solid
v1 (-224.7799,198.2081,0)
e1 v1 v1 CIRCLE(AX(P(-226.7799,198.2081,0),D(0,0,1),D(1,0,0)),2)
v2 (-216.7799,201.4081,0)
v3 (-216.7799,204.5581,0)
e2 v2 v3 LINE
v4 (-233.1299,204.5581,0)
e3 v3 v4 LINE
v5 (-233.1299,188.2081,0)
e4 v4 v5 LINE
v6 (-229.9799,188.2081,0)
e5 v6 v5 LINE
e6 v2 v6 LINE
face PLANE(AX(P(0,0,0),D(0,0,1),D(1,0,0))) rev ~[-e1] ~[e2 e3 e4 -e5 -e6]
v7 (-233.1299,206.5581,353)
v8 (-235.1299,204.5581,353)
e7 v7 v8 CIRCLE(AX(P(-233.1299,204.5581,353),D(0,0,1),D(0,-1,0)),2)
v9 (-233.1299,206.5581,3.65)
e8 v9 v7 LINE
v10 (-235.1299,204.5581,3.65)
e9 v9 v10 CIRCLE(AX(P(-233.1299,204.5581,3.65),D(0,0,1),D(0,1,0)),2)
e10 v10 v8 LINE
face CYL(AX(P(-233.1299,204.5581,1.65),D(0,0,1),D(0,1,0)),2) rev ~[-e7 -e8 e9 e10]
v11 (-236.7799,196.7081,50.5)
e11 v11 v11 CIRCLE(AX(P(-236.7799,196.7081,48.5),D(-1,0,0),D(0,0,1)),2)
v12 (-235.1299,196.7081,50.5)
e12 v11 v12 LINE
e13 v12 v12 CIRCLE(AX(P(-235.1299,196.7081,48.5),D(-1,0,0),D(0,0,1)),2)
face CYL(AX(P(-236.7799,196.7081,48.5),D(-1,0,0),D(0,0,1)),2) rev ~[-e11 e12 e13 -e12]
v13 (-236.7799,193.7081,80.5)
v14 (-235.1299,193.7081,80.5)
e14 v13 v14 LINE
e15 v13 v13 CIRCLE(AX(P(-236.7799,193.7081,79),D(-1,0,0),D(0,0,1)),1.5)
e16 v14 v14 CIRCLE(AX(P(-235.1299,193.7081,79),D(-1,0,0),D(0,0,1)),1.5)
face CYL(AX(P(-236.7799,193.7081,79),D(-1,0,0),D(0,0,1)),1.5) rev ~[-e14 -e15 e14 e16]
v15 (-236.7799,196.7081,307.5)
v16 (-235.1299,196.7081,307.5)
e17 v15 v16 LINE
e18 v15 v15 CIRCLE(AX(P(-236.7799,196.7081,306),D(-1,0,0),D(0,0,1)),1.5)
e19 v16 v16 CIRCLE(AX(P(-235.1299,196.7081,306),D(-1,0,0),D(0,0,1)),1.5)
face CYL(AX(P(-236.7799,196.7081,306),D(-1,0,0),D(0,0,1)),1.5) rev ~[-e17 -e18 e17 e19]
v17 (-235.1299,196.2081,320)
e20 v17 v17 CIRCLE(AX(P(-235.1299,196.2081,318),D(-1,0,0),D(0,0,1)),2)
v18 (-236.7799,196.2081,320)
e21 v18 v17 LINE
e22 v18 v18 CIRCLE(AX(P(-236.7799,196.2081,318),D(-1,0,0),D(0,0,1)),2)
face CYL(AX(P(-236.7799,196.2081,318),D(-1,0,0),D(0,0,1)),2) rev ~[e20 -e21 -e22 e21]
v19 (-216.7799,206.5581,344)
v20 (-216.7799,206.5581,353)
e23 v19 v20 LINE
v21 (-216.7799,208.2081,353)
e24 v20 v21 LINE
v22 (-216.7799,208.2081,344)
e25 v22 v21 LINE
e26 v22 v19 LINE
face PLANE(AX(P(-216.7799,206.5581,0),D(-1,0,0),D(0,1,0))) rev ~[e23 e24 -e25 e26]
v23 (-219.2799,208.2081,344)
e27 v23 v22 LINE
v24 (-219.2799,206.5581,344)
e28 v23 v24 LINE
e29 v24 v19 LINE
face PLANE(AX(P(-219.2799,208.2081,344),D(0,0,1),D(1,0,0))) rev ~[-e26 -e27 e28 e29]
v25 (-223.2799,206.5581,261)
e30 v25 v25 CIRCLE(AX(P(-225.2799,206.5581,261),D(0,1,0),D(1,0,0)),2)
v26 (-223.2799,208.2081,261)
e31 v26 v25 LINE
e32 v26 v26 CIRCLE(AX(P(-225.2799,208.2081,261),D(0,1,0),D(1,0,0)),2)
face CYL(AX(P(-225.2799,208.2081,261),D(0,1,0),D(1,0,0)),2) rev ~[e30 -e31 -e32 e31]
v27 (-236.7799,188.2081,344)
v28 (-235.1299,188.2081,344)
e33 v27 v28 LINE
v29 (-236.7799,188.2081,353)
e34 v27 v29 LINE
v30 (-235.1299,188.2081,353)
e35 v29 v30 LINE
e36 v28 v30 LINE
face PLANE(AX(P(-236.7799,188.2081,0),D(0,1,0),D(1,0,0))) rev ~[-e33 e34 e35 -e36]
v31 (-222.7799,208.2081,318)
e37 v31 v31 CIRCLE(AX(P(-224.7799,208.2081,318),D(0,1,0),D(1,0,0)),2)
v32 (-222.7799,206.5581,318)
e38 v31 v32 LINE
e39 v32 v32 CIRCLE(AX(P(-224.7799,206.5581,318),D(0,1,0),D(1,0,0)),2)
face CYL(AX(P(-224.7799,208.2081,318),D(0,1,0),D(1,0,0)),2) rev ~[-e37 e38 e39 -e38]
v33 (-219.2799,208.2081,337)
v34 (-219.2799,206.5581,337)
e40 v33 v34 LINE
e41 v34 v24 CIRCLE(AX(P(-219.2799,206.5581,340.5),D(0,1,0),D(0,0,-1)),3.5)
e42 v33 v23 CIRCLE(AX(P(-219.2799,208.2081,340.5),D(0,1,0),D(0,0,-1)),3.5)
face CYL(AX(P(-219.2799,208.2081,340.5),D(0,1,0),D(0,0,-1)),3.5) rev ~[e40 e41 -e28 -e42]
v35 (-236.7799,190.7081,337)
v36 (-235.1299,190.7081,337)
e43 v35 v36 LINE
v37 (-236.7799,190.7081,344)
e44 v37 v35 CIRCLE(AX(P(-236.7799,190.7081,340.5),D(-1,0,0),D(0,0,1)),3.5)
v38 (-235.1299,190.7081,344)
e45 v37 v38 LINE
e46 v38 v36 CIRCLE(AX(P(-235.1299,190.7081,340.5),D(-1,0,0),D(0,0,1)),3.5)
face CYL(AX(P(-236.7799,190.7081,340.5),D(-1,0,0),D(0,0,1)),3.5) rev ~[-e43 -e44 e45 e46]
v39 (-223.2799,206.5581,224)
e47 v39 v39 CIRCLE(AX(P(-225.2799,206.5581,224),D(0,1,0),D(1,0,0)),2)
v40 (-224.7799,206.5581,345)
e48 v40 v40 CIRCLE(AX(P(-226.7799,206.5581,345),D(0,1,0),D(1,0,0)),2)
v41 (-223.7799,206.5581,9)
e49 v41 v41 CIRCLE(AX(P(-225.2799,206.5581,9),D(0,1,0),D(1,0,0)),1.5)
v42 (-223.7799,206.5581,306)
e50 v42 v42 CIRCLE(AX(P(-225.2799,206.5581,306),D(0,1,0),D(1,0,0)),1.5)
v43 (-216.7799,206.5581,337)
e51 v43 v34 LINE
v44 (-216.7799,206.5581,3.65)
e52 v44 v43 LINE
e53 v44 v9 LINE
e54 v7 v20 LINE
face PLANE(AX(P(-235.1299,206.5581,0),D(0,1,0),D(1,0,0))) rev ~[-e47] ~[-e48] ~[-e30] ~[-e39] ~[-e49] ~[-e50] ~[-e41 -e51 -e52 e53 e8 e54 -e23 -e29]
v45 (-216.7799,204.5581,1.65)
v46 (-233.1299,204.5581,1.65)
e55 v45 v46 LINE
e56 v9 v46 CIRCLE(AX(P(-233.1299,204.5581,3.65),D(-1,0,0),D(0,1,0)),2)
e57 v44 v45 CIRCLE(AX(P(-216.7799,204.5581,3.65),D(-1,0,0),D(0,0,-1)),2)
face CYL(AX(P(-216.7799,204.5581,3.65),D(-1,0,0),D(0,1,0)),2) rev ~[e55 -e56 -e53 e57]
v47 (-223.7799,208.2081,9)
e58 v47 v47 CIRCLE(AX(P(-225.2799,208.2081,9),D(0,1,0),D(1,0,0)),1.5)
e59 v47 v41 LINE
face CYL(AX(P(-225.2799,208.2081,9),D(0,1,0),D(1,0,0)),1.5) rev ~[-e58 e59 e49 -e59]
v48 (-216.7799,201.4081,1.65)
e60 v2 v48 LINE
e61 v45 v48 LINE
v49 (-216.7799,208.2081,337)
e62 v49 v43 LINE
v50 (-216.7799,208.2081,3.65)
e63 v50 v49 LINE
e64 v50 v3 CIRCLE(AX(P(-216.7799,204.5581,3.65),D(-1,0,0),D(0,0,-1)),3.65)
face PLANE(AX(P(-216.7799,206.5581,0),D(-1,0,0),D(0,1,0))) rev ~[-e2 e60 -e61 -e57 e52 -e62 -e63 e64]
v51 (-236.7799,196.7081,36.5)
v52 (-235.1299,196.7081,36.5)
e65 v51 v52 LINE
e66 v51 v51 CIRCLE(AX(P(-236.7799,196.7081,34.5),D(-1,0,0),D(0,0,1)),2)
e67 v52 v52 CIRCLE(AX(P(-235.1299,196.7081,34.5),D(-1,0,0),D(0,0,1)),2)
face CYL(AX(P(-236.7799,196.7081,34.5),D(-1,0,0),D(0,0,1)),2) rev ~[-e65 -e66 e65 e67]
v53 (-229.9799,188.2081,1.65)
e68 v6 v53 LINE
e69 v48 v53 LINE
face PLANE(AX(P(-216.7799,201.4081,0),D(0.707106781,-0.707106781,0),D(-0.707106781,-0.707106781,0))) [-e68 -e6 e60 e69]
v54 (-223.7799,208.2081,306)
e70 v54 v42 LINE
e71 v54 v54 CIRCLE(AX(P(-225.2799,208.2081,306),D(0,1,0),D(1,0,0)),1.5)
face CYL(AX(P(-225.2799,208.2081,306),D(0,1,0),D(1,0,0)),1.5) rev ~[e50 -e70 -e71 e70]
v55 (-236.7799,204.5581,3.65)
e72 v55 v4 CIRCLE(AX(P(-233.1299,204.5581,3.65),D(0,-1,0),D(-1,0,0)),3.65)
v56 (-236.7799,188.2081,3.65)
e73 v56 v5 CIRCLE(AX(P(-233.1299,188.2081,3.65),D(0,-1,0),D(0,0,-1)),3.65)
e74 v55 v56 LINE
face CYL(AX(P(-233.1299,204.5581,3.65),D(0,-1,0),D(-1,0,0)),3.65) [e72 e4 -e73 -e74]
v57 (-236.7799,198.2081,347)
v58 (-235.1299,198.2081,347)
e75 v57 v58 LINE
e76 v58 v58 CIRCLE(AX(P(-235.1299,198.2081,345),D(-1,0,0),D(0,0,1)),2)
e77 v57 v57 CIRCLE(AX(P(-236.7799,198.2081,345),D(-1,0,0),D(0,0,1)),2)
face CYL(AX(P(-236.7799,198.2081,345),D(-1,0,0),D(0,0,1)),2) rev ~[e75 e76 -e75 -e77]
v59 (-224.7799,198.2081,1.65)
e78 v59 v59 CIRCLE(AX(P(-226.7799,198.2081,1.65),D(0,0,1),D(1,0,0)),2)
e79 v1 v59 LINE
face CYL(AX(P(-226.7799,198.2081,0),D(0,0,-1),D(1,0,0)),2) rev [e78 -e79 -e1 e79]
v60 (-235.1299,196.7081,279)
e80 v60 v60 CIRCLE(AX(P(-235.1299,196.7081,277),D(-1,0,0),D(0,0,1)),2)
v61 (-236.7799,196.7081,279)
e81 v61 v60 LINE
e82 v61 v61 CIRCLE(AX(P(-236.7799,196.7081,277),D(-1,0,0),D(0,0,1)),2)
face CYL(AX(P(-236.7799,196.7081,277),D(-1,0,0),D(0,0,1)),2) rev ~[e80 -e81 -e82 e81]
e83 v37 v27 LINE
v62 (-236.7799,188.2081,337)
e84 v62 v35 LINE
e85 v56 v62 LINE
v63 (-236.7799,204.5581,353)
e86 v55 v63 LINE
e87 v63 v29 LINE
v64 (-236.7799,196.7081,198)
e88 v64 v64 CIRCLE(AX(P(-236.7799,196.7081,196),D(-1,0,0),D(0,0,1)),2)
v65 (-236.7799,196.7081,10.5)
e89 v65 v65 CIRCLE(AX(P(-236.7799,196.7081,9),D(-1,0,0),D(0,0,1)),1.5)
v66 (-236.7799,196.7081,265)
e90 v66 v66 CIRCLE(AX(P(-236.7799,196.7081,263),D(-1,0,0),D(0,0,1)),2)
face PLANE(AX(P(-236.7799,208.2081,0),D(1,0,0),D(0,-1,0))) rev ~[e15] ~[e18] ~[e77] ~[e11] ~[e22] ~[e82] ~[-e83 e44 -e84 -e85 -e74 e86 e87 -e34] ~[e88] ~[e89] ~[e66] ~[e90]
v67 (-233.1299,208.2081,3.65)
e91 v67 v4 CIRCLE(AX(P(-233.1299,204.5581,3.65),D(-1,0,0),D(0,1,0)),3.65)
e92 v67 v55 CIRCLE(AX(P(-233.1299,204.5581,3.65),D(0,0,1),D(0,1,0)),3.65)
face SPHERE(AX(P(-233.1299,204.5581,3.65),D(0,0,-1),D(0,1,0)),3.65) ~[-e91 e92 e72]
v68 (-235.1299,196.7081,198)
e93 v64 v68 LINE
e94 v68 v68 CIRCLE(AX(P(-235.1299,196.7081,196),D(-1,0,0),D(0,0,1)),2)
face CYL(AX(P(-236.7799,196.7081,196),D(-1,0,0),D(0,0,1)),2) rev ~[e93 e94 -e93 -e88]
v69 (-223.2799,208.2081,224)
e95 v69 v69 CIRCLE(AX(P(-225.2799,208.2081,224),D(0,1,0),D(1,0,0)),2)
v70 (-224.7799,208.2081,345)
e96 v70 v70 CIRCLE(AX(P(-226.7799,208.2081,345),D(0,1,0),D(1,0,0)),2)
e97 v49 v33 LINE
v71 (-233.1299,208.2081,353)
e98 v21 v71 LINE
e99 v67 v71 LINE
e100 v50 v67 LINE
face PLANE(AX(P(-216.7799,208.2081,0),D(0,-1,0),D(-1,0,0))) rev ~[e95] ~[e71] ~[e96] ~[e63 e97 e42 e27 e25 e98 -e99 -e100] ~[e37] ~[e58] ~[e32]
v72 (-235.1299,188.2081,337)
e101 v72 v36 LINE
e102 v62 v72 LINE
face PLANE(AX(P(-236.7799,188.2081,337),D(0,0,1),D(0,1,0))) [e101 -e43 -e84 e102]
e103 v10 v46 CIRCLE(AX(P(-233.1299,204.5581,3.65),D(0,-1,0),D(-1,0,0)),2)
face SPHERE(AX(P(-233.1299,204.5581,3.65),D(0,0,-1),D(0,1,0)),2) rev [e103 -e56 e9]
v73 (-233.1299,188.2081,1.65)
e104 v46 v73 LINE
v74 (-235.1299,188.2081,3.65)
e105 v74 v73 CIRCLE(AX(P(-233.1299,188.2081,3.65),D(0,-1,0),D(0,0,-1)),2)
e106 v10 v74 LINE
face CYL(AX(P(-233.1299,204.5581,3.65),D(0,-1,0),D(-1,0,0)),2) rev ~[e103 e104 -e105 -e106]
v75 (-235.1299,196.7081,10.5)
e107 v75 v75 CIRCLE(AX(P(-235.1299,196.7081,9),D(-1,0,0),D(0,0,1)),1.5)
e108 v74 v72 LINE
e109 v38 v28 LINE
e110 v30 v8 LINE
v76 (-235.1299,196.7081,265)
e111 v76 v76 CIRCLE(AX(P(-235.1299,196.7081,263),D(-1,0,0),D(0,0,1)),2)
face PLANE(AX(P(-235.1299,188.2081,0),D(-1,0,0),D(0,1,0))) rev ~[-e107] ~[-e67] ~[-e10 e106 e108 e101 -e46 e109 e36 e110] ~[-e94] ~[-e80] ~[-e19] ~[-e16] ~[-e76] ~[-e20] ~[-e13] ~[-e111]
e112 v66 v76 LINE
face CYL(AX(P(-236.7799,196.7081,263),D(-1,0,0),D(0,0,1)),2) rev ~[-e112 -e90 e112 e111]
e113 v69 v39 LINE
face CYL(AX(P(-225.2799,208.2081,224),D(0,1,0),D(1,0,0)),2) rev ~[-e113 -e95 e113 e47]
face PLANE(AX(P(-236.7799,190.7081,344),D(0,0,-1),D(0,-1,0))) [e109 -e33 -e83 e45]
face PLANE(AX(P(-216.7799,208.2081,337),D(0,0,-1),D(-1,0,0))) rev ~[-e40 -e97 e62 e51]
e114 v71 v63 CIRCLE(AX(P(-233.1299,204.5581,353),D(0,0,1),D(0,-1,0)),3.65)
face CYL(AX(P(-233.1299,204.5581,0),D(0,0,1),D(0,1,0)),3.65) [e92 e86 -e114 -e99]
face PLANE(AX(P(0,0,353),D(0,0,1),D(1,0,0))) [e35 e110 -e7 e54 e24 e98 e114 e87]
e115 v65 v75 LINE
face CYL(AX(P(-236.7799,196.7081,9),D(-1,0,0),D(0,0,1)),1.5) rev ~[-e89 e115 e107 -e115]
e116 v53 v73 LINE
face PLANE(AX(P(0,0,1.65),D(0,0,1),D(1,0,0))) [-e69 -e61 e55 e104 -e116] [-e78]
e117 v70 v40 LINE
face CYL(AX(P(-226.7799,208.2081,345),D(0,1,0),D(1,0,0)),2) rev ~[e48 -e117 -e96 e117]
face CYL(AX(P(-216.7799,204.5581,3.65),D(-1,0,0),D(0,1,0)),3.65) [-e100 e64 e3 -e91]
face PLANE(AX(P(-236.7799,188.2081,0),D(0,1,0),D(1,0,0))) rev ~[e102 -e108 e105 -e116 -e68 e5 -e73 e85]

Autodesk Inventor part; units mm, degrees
ref_plane "YZ Plane" through (0, 0, 0) normal (1, 0, 0) x (0, 1, 0)
ref_plane "XZ Plane" through (0, 0, 0) normal (0, 1, 0) x (-1, 0, 0)
ref_plane "XY Plane" through (0, 0, 0) normal (0, 0, 1) x (1, 0, 0)
sketch "Эскиз1" plane through (0, 0, 0) normal (0, 0, 1) x (1, 0, 0)
  line L0 (-236.7799, 208.2081) -> (-236.7799, 188.2081)
  line L1 (-216.7799, 208.2081) -> (-236.7799, 208.2081)
  line L2 (-236.7799, 188.2081) -> (-235.1299, 188.2081)
  line L3 (-235.1299, 188.2081) -> (-235.1299, 206.5581)
  line L4 (-235.1299, 206.5581) -> (-216.7799, 206.5581)
  line L5 (-216.7799, 206.5581) -> (-216.7799, 208.2081)
  line L6 (-216.7799, 206.5581) -> (-216.7799, 201.4081)
  line L7 (-216.7799, 201.4081) -> (-229.9799, 188.2081)
  line L8 (-229.9799, 188.2081) -> (-235.1299, 188.2081)
  line L9 (-236.7799, 208.2081) -> (-223.3799, 194.8081) construction
  circle A0 centre (-226.7799, 198.2081) radius 2
  point P0 (0, 0)
  dimension "d0" = 20
  dimension "d1" = 20
  dimension "d2" = 1.65
  dimension "d3" = 1.65
  dimension "d6" = 6.8
  dimension "d7" = 6.8
  dimension "d10" = 4
  dimension "d11" = 10
extrude "Выдавливание1" add sketch "Эскиз1" along normal blind 353 contours L1 L5 L4 L3 L2 L0
extrude "Выдавливание2" add sketch "Эскиз1" along normal blind 1.65 contours L3 L4 L6 L7 L8 | A0
extrude "Выдавливание3" cut sketch "Эскиз1" along normal blind 1.65 contours A0
fillet "Сопряжение1" radius 2 1 edges at (-235.1299, 206.5581, 177.325)
fillet "Сопряжение2" radius 3.65 1 edges at (-236.7799, 208.2081, 176.5)
fillet "Сопряжение3" radius 3.65 3 edges at (-235.7109, 207.1391, 0) (-236.7799, 196.3831, 0) (-224.9549, 208.2081, 0)
fillet "Сопряжение4" radius 2 3 edges at (-234.5442, 205.9724, 1.65) (-235.1299, 196.3831, 1.65) (-224.9549, 206.5581, 1.65)
sketch "Эскиз2" plane through (-236.7799, 188.2081, 353) normal (-1, 0, 0) x (0, 0, 1)
  circle A0 centre (-344, 8.5) radius 1.5
  line L0 (-353, 16.35) -> (-353, 0) projected
  line L1 (-349.35, 0) -> (0, 0) projected
  circle A1 centre (-318.5, 8.5) radius 2
  circle A2 centre (-304.5, 8.5) radius 2
  line L2 (-318.5, 8.5) -> (-304.5, 8.5) construction
  circle A3 centre (-274, 5.5) radius 1.5
  circle A4 centre (-157, 8.5) radius 2
  circle A5 centre (-90, 8.5) radius 2
  circle A6 centre (-76, 8.5) radius 2
  line L3 (0, 16.35) -> (0, 0) projected
  circle A7 centre (-47, 8.5) radius 1.5
  circle A8 centre (-35, 8) radius 2
  circle A9 centre (-8, 10) radius 2
  point P0 (-353, -188.2081)
  dimension "d18" = 3
  dimension "d19" = 9
  dimension "d20" = 8.5
  dimension "d21" = 4
  dimension "d22" = 4
  dimension "d23" = 34.5
  dimension "d24" = 8.5
  dimension "d25" = 14
  dimension "d26" = 3
  dimension "d27" = 5.5
  dimension "d28" = 79
  dimension "d29" = 4
  dimension "d30" = 8.5
  dimension "d31" = 196
  dimension "d32" = 4
  dimension "d33" = 4
  dimension "d34" = 8.5
  dimension "d35" = 8.5
  dimension "d36" = 90
  dimension "d37" = 14
  dimension "d38" = 3
  dimension "d39" = 8.5
  dimension "d40" = 47
  dimension "d41" = 4
  dimension "d42" = 4
  dimension "d43" = 8
  dimension "d44" = 10
  dimension "d45" = 8
  dimension "d46" = 27
  dimension "d47" = 12
extrude "Выдавливание4" cut sketch "Эскиз2" against normal blind 1.65
sketch "Эскиз3" plane through (-233.1299, 208.2081, 353) normal (0, 1, 0) x (1, 0, 0)
  circle A0 centre (7.85, 344) radius 1.5
  line L0 (16.35, 353) -> (0, 353) projected
  line L1 (16.35, 349.35) -> (16.35, 0) projected
  circle A1 centre (8.35, 35) radius 2
  circle A2 centre (6.35, 8) radius 2
  line L2 (16.35, 0) -> (0, 0) projected
  circle A3 centre (7.85, 47) radius 1.5
  circle A4 centre (7.85, 129) radius 2
  circle A5 centre (7.85, 92) radius 2
  point P0 (233.1299, 353)
  dimension "d50" = 3
  dimension "d51" = 9
  dimension "d52" = 8.5
  dimension "d53" = 4
  dimension "d54" = 4
  dimension "d55" = 8
  dimension "d56" = 10
  dimension "d57" = 27
  dimension "d58" = 8
  dimension "d59" = 3
  dimension "d60" = 8.5
  dimension "d61" = 12
  dimension "d62" = 4
  dimension "d63" = 4
  dimension "d64" = 8.5
  dimension "d65" = 8.5
  dimension "d66" = 37
  dimension "d67" = 92
extrude "Выдавливание5" cut sketch "Эскиз3" against normal blind 1.65
sketch "Эскиз4" plane through (-233.1299, 208.2081, 353) normal (0, 1, 0) x (1, 0, 0)
  line L0 (13.85, 9) -> (16.35, 9)
  line L1 (16.35, 349.35) -> (16.35, 0) projected
  line L2 (16.35, 9) -> (16.35, 16)
  line L3 (16.35, 16) -> (13.85, 16)
  arc A0 (13.85, 16) -> (13.85, 9) centre (13.85, 12.5) ccw
  line L4 (16.35, 0) -> (0, 0) projected
  point P0 (233.1299, 353)
  dimension "d72" = 3.5
  dimension "d73" = 7
  dimension "d74" = 6
  dimension "d75" = 9
extrude "Выдавливание6" cut sketch "Эскиз4" against normal blind 10
sketch "Эскиз5" plane through (-236.7799, 188.2081, 353) normal (-1, 0, 0) x (0, 0, 1)
  arc A0 (-9, 2.5) -> (-16, 2.5) centre (-12.5, 2.5) ccw
  line L0 (-9, 2.5) -> (-9, 0)
  line L1 (-349.35, 0) -> (0, 0) projected
  line L2 (-9, 0) -> (-16, 0)
  line L3 (-16, 0) -> (-16, 2.5)
  line L4 (0, 16.35) -> (0, 0) projected
  point P0 (-353, -188.2081)
  dimension "d78" = 7
  dimension "d79" = 6
  dimension "d80" = 9
extrude "Выдавливание7" cut sketch "Эскиз5" against normal blind 10
properties part number "стойка"
